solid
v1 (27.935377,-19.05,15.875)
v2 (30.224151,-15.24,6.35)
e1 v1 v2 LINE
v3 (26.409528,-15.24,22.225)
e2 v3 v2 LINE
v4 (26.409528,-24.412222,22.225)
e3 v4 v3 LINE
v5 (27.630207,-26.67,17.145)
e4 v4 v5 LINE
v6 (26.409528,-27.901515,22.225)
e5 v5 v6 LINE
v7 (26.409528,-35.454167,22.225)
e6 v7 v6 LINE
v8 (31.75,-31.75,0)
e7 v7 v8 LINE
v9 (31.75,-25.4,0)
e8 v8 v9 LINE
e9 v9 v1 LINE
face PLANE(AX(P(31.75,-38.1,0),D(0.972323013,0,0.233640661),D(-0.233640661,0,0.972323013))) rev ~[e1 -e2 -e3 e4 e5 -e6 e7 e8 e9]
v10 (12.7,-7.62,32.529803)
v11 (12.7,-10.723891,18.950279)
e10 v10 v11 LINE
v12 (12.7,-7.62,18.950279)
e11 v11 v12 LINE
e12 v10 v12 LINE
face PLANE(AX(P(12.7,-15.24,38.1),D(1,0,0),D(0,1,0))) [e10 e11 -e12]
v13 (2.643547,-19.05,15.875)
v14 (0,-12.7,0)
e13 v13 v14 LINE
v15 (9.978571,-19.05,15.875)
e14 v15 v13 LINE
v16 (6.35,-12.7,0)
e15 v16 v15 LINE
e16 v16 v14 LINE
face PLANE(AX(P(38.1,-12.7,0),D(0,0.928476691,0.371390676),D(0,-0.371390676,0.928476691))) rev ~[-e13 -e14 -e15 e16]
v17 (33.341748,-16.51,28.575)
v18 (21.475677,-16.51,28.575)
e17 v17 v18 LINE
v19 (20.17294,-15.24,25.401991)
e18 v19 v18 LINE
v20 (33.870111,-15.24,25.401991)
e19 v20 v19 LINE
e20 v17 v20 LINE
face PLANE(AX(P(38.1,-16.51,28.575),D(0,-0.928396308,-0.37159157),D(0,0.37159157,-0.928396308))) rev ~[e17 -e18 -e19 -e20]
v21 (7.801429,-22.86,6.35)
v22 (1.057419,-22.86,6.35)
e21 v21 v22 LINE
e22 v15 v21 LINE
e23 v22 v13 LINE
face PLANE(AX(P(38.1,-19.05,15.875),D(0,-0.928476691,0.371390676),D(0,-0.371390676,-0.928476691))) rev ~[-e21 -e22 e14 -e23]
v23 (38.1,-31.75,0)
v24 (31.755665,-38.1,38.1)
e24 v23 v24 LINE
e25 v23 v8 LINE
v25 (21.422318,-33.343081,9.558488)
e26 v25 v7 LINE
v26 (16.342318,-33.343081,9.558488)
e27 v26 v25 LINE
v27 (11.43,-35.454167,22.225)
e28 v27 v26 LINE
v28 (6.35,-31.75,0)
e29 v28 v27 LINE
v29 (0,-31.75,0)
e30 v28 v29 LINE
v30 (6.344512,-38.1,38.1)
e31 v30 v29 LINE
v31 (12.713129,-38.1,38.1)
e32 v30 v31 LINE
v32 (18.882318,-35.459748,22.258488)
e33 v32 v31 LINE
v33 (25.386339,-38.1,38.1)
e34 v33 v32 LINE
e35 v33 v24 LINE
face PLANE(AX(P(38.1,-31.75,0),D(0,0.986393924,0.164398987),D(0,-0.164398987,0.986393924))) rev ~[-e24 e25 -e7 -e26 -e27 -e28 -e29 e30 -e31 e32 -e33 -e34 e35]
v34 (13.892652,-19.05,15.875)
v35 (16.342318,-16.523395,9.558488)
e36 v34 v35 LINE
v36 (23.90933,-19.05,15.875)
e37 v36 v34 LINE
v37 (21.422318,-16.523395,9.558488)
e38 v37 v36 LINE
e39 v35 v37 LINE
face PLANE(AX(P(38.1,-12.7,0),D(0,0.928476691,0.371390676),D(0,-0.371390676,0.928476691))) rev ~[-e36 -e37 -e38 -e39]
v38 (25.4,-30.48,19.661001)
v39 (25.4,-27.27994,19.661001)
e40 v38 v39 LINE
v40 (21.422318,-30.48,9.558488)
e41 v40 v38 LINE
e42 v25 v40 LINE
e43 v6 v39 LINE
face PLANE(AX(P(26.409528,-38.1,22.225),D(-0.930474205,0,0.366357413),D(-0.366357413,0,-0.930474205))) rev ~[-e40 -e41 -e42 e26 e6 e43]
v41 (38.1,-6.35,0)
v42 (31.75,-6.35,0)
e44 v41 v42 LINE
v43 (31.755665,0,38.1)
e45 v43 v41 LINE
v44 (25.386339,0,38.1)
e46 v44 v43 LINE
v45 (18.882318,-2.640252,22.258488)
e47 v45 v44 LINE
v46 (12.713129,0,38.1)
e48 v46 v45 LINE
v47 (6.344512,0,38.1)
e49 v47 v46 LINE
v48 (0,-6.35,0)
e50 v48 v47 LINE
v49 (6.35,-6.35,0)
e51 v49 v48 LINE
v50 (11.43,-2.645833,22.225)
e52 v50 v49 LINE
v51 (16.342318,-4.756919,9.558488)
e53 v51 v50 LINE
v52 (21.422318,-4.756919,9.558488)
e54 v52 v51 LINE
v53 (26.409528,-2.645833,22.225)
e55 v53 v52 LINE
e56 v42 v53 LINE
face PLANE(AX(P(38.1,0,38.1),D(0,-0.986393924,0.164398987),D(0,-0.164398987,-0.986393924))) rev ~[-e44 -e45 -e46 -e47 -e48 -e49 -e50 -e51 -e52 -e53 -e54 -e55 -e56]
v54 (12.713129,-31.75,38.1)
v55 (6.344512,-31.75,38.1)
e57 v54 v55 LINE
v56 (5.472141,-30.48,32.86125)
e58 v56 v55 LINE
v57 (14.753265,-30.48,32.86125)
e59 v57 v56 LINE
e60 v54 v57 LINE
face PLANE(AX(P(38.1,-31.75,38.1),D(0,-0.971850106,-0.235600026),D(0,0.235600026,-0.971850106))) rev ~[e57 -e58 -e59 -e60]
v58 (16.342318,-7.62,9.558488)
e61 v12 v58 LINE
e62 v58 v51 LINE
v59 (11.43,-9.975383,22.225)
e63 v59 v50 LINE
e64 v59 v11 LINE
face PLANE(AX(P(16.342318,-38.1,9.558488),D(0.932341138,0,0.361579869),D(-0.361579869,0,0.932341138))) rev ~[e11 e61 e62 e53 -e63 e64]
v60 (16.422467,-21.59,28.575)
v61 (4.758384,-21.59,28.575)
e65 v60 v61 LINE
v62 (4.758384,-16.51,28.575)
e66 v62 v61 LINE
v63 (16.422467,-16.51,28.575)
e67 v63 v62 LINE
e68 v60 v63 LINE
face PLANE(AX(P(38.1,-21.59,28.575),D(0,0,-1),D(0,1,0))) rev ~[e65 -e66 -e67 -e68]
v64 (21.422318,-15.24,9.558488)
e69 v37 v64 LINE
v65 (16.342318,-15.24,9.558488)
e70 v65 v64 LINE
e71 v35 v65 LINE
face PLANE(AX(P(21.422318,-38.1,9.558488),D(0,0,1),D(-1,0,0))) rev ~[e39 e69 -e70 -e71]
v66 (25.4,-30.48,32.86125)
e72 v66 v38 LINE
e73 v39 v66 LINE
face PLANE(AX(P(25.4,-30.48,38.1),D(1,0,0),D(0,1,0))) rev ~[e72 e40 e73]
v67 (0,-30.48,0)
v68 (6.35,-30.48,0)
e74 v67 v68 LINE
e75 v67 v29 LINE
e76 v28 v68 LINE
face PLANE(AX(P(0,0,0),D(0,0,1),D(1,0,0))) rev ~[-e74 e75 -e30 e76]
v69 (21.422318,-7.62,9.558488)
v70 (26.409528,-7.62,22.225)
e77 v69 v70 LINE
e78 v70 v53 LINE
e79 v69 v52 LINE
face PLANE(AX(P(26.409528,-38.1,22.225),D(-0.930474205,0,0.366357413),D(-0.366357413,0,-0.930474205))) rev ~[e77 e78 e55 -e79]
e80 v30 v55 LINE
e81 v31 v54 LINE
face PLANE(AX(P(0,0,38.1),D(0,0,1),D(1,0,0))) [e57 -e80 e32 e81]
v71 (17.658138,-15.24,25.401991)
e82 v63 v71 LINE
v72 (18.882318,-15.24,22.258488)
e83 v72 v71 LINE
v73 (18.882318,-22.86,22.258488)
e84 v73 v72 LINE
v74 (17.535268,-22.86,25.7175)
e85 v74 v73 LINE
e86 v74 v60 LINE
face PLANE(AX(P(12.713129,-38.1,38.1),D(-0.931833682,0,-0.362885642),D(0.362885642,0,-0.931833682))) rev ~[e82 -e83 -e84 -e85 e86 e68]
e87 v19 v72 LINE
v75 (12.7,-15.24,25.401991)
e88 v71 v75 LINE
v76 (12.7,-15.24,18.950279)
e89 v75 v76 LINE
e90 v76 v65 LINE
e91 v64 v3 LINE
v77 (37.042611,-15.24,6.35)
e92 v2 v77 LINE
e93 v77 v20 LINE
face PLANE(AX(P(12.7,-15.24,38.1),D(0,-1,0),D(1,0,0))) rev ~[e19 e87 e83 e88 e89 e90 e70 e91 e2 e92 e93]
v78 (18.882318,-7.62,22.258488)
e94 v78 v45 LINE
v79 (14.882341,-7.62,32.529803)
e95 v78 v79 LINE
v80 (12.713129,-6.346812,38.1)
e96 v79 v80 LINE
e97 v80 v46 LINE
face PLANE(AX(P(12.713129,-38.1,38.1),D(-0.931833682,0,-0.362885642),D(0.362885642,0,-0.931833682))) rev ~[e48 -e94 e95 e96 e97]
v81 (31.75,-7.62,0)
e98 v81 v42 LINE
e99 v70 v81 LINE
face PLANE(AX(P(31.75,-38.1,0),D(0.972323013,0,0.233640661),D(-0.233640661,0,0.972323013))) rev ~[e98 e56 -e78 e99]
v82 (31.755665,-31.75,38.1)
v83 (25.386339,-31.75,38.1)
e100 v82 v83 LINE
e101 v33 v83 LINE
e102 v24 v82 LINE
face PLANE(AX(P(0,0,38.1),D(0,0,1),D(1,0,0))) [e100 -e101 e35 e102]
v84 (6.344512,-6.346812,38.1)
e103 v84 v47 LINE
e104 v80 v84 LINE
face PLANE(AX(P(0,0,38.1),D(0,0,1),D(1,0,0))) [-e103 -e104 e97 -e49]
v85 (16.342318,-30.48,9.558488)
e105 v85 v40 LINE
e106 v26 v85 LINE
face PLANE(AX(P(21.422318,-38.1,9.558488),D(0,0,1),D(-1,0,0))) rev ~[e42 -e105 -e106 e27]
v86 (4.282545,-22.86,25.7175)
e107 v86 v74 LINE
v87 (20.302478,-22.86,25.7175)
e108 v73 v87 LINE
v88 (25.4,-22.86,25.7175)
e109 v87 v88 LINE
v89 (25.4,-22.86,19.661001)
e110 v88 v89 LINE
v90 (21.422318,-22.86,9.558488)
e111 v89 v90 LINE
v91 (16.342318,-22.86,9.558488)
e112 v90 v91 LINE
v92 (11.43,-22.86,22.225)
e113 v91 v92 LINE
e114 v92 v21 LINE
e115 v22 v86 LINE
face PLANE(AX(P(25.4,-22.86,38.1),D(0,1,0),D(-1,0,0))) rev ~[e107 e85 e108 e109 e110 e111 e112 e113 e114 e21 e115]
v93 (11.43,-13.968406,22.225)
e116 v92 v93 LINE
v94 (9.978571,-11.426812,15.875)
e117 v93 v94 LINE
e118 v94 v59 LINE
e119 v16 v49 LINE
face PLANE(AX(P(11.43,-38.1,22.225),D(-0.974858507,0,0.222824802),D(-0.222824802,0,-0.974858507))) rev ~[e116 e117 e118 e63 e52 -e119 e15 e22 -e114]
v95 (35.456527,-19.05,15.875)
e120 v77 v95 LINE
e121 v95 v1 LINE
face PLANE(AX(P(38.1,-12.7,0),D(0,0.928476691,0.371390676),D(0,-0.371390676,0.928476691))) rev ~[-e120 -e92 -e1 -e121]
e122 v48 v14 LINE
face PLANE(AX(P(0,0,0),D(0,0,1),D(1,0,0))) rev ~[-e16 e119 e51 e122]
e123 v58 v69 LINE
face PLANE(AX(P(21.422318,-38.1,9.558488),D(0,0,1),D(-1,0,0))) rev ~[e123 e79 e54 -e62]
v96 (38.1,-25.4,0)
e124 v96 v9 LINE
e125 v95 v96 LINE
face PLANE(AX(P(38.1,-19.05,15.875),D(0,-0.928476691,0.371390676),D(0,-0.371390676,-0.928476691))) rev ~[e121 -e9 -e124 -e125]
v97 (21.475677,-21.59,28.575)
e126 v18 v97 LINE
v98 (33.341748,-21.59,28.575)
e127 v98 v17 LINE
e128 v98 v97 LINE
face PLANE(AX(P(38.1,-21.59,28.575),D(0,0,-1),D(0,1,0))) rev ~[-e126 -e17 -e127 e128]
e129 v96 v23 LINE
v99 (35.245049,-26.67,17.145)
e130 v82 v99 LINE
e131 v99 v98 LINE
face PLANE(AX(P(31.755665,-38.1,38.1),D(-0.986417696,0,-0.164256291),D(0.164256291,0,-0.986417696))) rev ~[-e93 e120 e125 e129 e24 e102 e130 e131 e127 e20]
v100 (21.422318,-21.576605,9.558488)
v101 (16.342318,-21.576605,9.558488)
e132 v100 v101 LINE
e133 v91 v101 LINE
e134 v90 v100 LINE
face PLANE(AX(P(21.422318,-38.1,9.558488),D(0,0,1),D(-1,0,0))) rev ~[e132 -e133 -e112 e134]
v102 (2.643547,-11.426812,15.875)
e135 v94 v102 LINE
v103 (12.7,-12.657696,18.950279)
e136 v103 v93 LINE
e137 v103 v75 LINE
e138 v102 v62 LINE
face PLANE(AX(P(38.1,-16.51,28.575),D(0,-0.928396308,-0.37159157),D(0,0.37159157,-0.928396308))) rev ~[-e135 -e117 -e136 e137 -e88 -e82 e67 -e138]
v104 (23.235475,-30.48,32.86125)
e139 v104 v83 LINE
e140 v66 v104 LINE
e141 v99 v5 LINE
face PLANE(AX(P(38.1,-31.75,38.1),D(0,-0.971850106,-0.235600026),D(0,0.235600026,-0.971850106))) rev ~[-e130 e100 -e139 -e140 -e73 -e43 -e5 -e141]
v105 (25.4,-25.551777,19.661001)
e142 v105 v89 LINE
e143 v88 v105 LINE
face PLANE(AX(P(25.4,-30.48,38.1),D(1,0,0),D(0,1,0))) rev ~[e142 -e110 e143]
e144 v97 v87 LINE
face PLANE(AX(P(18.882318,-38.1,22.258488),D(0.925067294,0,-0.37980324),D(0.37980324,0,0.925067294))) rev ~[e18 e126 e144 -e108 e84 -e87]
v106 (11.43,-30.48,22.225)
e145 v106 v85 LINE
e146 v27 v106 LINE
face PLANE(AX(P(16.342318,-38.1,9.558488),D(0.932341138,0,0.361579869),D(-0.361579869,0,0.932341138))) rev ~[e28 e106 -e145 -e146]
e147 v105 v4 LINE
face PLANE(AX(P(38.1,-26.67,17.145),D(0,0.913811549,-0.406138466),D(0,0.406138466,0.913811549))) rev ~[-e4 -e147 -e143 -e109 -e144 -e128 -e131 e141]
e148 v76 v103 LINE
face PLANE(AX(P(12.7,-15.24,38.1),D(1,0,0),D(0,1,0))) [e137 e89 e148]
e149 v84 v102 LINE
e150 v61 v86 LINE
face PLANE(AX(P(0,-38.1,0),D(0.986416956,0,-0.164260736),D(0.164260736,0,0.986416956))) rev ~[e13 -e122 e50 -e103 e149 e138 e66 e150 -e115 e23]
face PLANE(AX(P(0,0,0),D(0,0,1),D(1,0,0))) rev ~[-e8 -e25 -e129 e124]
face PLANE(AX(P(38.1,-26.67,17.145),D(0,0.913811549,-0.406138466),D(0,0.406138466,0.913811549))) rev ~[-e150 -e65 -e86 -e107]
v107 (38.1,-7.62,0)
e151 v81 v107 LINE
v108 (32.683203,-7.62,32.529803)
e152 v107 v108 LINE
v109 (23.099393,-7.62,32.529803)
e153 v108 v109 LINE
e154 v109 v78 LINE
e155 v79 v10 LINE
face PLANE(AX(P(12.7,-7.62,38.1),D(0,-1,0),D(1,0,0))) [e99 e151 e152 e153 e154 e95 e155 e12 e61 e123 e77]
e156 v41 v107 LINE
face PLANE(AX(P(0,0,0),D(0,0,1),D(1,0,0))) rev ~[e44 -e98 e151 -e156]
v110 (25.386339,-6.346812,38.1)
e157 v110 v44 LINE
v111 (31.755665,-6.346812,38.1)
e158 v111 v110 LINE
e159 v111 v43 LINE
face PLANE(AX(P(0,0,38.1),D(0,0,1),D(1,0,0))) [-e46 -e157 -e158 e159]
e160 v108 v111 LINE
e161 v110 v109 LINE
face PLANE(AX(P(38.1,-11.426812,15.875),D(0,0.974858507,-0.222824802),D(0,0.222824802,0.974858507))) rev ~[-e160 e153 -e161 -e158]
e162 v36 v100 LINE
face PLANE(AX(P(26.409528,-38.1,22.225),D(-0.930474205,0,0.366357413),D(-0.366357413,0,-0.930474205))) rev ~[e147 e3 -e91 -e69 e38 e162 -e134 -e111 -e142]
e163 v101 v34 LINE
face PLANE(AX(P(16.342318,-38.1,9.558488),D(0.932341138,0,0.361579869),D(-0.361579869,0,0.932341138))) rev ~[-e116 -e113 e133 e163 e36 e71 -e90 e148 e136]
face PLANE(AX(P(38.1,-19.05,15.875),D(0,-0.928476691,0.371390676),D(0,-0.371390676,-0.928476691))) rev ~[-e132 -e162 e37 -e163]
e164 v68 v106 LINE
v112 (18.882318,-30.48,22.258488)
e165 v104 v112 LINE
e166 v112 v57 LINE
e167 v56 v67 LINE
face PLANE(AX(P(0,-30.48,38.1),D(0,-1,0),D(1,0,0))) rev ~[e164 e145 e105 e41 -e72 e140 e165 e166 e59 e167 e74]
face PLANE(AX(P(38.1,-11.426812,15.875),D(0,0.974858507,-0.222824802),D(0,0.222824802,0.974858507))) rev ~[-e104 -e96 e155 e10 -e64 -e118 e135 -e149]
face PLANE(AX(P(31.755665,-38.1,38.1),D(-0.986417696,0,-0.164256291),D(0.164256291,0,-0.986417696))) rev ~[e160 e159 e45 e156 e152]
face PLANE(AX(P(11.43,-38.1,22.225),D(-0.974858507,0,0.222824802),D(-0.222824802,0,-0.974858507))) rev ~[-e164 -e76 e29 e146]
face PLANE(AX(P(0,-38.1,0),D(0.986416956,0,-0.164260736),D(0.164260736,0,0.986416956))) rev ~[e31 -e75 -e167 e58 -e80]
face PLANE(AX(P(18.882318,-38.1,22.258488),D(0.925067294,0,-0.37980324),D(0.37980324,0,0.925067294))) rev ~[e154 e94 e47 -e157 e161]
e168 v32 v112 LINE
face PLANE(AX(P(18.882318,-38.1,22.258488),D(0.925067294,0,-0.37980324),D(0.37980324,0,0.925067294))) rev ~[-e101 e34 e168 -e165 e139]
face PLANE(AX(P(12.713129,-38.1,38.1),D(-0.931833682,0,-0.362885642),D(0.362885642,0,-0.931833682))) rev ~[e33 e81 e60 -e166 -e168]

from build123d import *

# Parameters (mm, degrees)
F0_W      = 38.1
F0_H      = 38.1
F1_DEPTH  = 38.1
F5_DEPTH  = 50.8
F7_DEPTH  = 127
F9_DEPTH  = 50.8
F10_W     = 25.4
F10_H     = 7.62
F11_DEPTH = 50.8


with BuildPart() as f1:
    # F0 (on Front) → F1 (new body)
    with BuildSketch(Plane.XZ):
        with Locations((19.05, 19.05)):
            Rectangle(F0_W, F0_H)
    extrude(amount=F1_DEPTH)

    # F4 (on face) → F5 (cut)
    with BuildSketch(Plane.YZ.offset(38.1)):
        Polygon((-11.4268120378, 38.1), (-31.75, 38.1), (-26.67, 17.145), (-21.59, 28.575), (-16.51, 28.575), (-11.4268120378, 15.875), (-6.3468120378, 38.1), align=None)
        Polygon((-38.1, 0), (-31.75, 0), (-38.1, 38.1), align=None)
        Polygon((-19.05, 15.875), (-25.4, 0), (-12.7, 0), align=None)
        Polygon((0, 38.1), (-6.35, 0), (0, 0), align=None)
    extrude(amount=-F5_DEPTH, mode=Mode.SUBTRACT)

    # F6 (on offset) → F7 (cut)
    with BuildSketch(Plane.XZ.offset(38.1)):
        Polygon((11.43, 22.225), (6.35, 0), (11.43, 0), (26.67, 0), (31.75, 0), (26.4095281363, 22.225), (21.4223176855, 9.558487687), (18.8823176855, 9.558487687), (16.3423176855, 9.558487687), align=None)
        Polygon((18.8823176855, 38.1), (12.7131294711, 38.1), (18.8823176855, 22.258487687), align=None)
        Polygon((25.3863393215, 38.1), (18.8823176855, 38.1), (18.8823176855, 22.258487687), align=None)
        Polygon((31.7556646041, 38.1), (38.1, 0), (38.1, 38.1), align=None)
        Polygon((0, 38.1), (0, 0), (6.3445118444, 38.1), align=None)
    extrude(amount=-F7_DEPTH, mode=Mode.SUBTRACT)

    # F8 (on offset) → F9 (cut)
    with BuildSketch(Plane.XY.offset(38.1)):
        Polygon((12.7, -22.86), (0, -22.86), (0, -30.48), (12.7, -30.48), (25.4, -30.48), (25.4, -22.86), align=None)
    extrude(amount=-F9_DEPTH, mode=Mode.SUBTRACT)

    # F10 (on offset) → F11 (cut)
    with BuildSketch(Plane.XY.offset(38.1)):
        with Locations((25.4, -11.43)):
            Rectangle(F10_W, F10_H)
    extrude(amount=-F11_DEPTH, mode=Mode.SUBTRACT)


solid = f1.part
